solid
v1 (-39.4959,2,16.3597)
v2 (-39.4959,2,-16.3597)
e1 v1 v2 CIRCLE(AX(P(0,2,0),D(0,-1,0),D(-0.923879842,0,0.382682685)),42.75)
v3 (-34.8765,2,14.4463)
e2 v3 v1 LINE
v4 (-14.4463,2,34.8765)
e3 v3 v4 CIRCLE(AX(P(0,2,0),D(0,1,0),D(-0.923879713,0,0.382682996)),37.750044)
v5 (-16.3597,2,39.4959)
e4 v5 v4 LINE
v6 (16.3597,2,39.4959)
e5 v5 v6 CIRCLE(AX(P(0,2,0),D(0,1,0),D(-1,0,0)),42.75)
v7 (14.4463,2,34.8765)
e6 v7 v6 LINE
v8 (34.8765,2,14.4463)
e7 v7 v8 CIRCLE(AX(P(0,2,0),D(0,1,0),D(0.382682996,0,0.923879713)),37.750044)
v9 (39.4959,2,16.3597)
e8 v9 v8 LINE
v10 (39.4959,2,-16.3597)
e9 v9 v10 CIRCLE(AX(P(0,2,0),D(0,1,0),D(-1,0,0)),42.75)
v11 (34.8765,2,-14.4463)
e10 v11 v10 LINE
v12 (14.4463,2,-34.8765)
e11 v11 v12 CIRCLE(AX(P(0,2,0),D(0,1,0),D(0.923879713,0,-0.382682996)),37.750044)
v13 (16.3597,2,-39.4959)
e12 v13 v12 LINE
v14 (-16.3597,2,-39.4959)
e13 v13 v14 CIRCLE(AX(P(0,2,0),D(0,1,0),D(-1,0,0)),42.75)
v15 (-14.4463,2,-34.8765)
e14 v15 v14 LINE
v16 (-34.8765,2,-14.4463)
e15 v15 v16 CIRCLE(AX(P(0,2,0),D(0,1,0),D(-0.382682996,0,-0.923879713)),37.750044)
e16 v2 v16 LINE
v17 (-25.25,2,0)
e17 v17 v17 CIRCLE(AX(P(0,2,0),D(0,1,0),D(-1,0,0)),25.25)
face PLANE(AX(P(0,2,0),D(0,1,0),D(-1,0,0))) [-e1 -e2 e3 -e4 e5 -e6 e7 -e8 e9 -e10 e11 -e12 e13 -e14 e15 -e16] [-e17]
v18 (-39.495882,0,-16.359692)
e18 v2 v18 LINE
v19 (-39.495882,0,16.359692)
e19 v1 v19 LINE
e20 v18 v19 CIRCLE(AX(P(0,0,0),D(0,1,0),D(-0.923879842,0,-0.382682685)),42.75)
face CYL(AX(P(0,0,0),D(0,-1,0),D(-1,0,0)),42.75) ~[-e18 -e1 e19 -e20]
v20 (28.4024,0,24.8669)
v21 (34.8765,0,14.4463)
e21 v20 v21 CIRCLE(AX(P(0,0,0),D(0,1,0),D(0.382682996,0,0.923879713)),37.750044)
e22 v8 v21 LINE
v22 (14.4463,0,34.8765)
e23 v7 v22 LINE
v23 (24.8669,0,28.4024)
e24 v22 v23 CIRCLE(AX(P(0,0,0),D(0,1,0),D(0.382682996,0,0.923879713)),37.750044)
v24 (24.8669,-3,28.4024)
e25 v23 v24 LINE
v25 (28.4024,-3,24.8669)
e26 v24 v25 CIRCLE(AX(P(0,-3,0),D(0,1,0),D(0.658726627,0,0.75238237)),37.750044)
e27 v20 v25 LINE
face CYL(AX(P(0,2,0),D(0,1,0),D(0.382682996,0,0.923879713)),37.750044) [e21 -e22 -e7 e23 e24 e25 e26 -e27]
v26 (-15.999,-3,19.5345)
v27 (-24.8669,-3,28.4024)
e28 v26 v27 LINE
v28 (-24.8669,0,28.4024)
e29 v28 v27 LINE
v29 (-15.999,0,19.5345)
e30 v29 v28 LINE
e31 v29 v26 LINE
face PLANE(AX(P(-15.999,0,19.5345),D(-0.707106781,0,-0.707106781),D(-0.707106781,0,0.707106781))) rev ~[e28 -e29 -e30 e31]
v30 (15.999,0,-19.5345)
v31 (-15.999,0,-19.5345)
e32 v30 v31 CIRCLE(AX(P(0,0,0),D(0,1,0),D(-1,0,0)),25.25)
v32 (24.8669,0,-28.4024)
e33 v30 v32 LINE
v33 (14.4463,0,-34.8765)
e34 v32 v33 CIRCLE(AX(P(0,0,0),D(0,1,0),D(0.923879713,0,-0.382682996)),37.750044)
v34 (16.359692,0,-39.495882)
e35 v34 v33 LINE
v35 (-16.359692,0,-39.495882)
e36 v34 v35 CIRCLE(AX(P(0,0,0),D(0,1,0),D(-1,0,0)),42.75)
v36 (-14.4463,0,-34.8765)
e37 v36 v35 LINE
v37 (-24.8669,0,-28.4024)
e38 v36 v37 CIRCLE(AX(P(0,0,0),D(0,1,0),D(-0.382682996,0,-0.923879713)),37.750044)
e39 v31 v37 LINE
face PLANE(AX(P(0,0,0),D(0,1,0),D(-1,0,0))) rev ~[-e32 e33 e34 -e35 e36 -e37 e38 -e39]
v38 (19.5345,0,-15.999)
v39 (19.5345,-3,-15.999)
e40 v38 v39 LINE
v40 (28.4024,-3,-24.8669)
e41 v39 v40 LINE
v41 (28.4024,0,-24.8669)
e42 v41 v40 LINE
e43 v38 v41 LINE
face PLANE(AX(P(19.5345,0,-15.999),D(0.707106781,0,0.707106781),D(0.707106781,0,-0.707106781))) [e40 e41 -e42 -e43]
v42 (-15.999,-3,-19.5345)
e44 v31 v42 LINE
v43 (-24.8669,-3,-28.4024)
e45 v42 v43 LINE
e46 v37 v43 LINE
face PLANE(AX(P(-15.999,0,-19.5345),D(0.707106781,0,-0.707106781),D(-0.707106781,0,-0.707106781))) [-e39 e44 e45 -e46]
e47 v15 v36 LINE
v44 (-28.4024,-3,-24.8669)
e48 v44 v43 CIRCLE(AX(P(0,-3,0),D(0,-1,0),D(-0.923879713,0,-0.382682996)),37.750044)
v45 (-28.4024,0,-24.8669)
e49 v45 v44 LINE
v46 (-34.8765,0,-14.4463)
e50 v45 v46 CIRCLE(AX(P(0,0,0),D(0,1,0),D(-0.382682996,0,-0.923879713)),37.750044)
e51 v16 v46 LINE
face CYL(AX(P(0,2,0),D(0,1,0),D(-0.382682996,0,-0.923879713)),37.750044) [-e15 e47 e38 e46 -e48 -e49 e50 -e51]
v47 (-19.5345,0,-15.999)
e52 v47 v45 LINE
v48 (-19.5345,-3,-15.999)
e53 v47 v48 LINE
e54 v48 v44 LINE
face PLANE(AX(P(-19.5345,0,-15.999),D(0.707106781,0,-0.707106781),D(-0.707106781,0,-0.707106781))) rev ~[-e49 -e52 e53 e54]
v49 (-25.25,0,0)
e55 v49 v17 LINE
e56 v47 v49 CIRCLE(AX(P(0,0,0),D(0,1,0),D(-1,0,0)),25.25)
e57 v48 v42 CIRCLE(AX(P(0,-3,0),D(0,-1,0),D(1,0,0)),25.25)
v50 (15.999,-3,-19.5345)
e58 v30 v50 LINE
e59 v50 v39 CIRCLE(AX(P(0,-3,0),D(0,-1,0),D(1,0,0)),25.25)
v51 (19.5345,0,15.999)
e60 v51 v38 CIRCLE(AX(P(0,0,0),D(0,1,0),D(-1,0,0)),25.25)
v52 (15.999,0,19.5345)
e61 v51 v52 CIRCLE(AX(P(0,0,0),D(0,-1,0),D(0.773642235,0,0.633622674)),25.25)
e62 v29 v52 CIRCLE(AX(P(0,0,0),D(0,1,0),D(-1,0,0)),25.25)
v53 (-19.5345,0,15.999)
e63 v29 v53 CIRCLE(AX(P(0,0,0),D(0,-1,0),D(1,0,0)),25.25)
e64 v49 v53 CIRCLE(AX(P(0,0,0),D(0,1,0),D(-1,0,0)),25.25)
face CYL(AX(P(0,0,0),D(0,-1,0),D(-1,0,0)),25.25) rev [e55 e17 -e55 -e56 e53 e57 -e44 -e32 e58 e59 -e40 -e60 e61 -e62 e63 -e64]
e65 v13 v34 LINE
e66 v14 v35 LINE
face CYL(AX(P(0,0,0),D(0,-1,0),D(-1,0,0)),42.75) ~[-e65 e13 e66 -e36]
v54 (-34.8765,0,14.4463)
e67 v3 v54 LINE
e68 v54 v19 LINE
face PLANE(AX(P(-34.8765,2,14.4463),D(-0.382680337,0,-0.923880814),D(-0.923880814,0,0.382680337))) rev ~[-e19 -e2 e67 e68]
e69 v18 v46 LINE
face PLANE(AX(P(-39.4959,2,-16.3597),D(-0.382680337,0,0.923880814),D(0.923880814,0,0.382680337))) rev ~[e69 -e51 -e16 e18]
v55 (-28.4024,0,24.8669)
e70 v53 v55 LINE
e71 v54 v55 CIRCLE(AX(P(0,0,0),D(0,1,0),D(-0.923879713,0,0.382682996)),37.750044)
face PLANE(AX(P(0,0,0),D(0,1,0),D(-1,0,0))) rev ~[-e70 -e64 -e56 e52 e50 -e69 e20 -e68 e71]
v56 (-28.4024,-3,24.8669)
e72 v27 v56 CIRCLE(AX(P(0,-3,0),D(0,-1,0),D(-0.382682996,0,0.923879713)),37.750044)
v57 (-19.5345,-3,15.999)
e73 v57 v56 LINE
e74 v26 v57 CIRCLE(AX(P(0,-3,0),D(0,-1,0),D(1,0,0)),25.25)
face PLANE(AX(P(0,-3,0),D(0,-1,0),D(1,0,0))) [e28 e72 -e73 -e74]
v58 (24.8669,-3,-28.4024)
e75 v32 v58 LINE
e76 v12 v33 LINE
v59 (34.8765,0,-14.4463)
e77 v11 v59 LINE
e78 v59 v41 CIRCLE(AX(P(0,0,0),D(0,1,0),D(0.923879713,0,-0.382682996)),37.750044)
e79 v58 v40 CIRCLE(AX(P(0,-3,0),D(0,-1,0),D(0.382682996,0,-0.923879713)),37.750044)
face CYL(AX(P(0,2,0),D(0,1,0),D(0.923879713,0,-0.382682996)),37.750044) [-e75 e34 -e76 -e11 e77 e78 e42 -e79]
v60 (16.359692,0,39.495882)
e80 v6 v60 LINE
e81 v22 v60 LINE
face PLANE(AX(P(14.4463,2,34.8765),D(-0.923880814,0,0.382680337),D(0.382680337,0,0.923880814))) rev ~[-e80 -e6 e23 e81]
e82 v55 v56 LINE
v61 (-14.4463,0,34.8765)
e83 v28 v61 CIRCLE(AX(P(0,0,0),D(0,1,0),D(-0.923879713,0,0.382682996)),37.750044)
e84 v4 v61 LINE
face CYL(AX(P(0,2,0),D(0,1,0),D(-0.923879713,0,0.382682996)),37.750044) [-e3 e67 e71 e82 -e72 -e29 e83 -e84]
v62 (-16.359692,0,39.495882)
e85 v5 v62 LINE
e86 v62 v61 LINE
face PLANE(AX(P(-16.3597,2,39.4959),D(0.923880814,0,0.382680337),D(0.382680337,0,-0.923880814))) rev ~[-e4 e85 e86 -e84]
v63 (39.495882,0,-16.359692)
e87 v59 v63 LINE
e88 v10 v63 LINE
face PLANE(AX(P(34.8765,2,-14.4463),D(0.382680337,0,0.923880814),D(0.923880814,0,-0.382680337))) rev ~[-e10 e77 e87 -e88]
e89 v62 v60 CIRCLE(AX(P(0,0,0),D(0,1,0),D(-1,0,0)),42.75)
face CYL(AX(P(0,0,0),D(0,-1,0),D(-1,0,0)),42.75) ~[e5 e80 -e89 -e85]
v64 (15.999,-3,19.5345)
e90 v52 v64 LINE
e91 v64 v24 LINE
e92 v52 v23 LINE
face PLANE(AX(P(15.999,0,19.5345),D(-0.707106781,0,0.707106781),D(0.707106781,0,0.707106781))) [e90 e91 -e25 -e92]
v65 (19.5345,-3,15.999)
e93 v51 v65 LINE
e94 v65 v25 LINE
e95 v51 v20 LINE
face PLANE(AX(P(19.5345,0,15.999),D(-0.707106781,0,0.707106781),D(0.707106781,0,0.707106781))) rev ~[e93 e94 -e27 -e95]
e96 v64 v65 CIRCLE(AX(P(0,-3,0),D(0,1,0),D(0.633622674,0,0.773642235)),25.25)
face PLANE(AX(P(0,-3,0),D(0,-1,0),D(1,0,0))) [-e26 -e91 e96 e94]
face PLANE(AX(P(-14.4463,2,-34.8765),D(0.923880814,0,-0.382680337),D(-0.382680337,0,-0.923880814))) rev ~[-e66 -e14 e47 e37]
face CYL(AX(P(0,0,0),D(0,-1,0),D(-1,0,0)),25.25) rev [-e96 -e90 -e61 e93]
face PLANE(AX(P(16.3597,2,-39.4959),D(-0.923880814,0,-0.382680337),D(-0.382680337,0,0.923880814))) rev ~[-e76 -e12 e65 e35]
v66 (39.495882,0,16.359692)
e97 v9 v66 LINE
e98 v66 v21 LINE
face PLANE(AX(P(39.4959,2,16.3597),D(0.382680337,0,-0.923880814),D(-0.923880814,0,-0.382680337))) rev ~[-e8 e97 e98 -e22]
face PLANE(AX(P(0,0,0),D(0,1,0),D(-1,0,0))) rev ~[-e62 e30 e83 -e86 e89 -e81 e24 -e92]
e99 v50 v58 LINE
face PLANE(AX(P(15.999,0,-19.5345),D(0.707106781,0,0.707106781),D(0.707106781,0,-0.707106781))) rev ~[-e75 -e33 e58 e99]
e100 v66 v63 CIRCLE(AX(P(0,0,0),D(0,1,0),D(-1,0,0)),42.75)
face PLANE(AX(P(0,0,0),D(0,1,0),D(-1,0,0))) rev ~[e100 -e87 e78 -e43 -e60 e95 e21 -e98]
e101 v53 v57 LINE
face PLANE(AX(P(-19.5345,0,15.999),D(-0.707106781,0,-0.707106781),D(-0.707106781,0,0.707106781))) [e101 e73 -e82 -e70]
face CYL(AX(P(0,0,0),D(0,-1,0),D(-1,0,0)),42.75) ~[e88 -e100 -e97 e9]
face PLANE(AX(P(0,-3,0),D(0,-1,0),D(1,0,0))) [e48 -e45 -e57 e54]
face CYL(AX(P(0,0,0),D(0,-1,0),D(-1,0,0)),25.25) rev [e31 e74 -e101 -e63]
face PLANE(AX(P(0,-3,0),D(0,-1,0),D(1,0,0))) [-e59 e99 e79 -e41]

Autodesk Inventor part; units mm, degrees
ref_plane "YZ Plane" through (0, 0, 0) normal (1, 0, 0) x (0, 1, 0)
ref_plane "XZ Plane" through (0, 0, 0) normal (0, 1, 0) x (-1, 0, 0)
ref_plane "XY Plane" through (0, 0, 0) normal (0, 0, 1) x (1, 0, 0)
sketch "Sketch1" plane through (0, 0, 0) normal (0, 1, 0) x (-1, 0, 0)
  circle A0 centre (0, 0) radius 42.75
  circle A1 centre (0, 0) radius 25.25
  dimension "d0" = 85.5
  dimension "d1" = 50.5
extrude "Extrusion1" add sketch "Sketch1" along normal blind 2
sketch "Sketch2" plane through (0, 2, 0) normal (0, 1, 0) x (1, 0, 0)
  circle A0 centre (0, 0) radius 25.25 projected
  circle A1 centre (0, 0) radius 42.75 projected
  line L0 (0, 0) -> (26.6933, 26.6933)
  arc A2 (39.4959, 16.3597) -> (30.2288, 30.2288) centre (0, 0) ccw
  line L1 (0, 0) -> (39.4959, 16.3597) construction
  line L2 (0, 0) -> (26.6933, 26.6933) construction
  arc A3 (30.2288, 30.2288) -> (16.3597, 39.4959) centre (0, 0) ccw
  line L3 (0, 0) -> (30.2288, 30.2288) construction
  line L4 (0, 0) -> (17.5537, 7.271) construction
  line L5 (0, 0) -> (17.8544, 17.8544) construction
  line L6 (0, 0) -> (9.6628, 23.328) construction
  line L7 (0, 0) -> (17.8544, 17.8544) construction
  line L8 (16.3597, 39.4959) -> (14.4463, 34.8765)
  line L9 (34.8765, 14.4463) -> (39.4959, 16.3597)
  arc A4 (34.8765, 14.4463) -> (14.4463, 34.8765) centre (0, 0) ccw
  line L10 (16.3597, 39.4959) -> (14.4463, 34.8765)
  line L11 (39.4959, 16.3597) -> (34.8765, 14.4463)
  line L12 (0, 0) -> (9.6628, 23.328) construction
  line L13 (14.4463, 34.8765) -> (16.3597, 39.4959) construction
  line L14 (-39.4959, 16.3597) -> (-34.8765, 14.4463)
  arc A5 (-30.2288, 30.2288) -> (-39.4959, 16.3597) centre (0, 0) ccw
  arc A6 (-16.3597, 39.4959) -> (-30.2288, 30.2288) centre (0, 0) ccw
  line L15 (-14.4463, 34.8765) -> (-16.3597, 39.4959)
  arc A7 (-14.4463, 34.8765) -> (-34.8765, 14.4463) centre (0, 0) ccw
  line L16 (-16.3597, -39.4959) -> (-14.4463, -34.8765)
  arc A8 (-30.2288, -30.2288) -> (-16.3597, -39.4959) centre (0, 0) ccw
  arc A9 (-39.4959, -16.3597) -> (-30.2288, -30.2288) centre (0, 0) ccw
  line L17 (-34.8765, -14.4463) -> (-39.4959, -16.3597)
  arc A10 (-34.8765, -14.4463) -> (-14.4463, -34.8765) centre (0, 0) ccw
  line L18 (39.4959, -16.3597) -> (34.8765, -14.4463)
  arc A11 (30.2288, -30.2288) -> (39.4959, -16.3597) centre (0, 0) ccw
  arc A12 (16.3597, -39.4959) -> (30.2288, -30.2288) centre (0, 0) ccw
  line L19 (14.4463, -34.8765) -> (16.3597, -39.4959)
  arc A13 (14.4463, -34.8765) -> (34.8765, -14.4463) centre (0, 0) ccw
  point P0 (-26.6933, 26.6933)
  point P1 (-26.6933, -26.6933)
  point P2 (26.6933, -26.6933)
  dimension "d4" = 22.5
  dimension "d8" = 75.5
  dimension "d11" = 360
extrude "Extrusion2" cut sketch "Sketch2" against normal through all contours A4 L8 A1 L9 | L15 A7 L14 A1 | A1 L19 A13 L18 | L17 A10 L16 A1
sketch "Sketch5" plane through (0, 0, 0) normal (0, -1, 0) x (1, 0, 0)
  line L0 (-16.3597, 39.4959) -> (-14.4463, 34.8765) projected
  line L1 (-34.8765, 14.4463) -> (-39.4959, 16.3597) projected
  arc A0 (-39.4959, 16.3597) -> (-39.4959, -16.3597) centre (0, 0) ccw projected
  line L2 (-39.4959, -16.3597) -> (-34.8765, -14.4463) projected
  line L3 (-14.4463, -34.8765) -> (-16.3597, -39.4959) projected
  arc A1 (-16.3597, -39.4959) -> (16.3597, -39.4959) centre (0, 0) ccw projected
  line L4 (16.3597, -39.4959) -> (14.4463, -34.8765) projected
  line L5 (34.8765, -14.4463) -> (39.4959, -16.3597) projected
  arc A2 (39.4959, -16.3597) -> (39.4959, 16.3597) centre (0, 0) ccw projected
  line L6 (39.4959, 16.3597) -> (34.8765, 14.4463) projected
  line L7 (14.4463, 34.8765) -> (16.3597, 39.4959) projected
  arc A3 (16.3597, 39.4959) -> (-16.3597, 39.4959) centre (0, 0) ccw projected
  circle A4 centre (0, 0) radius 25.25 projected
  line L8 (0, 0) -> (-17.8544, -17.8544)
  line L9 (0, 0) -> (-5.6762, 0)
  line L10 (-19.8816, -22.7984) -> (-16.3892, -19.2083)
  line L11 (-22.8427, -19.8307) -> (-19.2083, -16.3892)
  arc A5 (-19.2083, -16.3892) -> (-16.3892, -19.2083) centre (0, 0) ccw
  arc A6 (-22.8427, -19.8307) -> (-19.8816, -22.7984) centre (0, 0) ccw
  line L12 (22.7984, -19.8816) -> (19.2083, -16.3892)
  line L13 (19.8307, -22.8427) -> (16.3892, -19.2083)
  arc A7 (16.3892, -19.2083) -> (19.2083, -16.3892) centre (0, 0) ccw
  arc A8 (19.8307, -22.8427) -> (22.7984, -19.8816) centre (0, 0) ccw
  line L14 (19.8816, 22.7984) -> (16.3892, 19.2083)
  line L15 (22.8427, 19.8307) -> (19.2083, 16.3892)
  arc A9 (19.2083, 16.3892) -> (16.3892, 19.2083) centre (0, 0) ccw
  arc A10 (22.8427, 19.8307) -> (19.8816, 22.7984) centre (0, 0) ccw
  line L16 (-22.7984, 19.8816) -> (-19.2083, 16.3892)
  line L17 (-19.8307, 22.8427) -> (-16.3892, 19.2083)
  arc A11 (-16.3892, 19.2083) -> (-19.2083, 16.3892) centre (0, 0) ccw
  arc A12 (-19.8307, 22.8427) -> (-22.7984, 19.8816) centre (0, 0) ccw
  arc A13 (-14.4463, 34.8765) -> (-34.8765, 14.4463) centre (0, 0) ccw projected
  arc A14 (-34.8765, -14.4463) -> (-14.4463, -34.8765) centre (0, 0) ccw projected
  arc A15 (14.4463, -34.8765) -> (34.8765, -14.4463) centre (0, 0) ccw projected
  arc A16 (34.8765, 14.4463) -> (14.4463, 34.8765) centre (0, 0) ccw projected
  point P0 (17.8544, -17.8544)
  point P1 (17.8544, 17.8544)
  point P2 (-17.8544, 17.8544)
  dimension "d31" = 45
  dimension "d35" = 360
extrude "Extrusion4" [suppressed]
sketch "Sketch6" plane through (0, 0, 0) normal (0, -1, 0) x (1, 0, 0)
  line L0 (-16.3597, 39.4959) -> (-14.4463, 34.8765) projected
  arc A0 (-14.4463, 34.8765) -> (-34.8765, 14.4463) centre (0, 0) ccw projected
  line L1 (-34.8765, 14.4463) -> (-39.4959, 16.3597) projected
  arc A1 (-39.4959, 16.3597) -> (-39.4959, -16.3597) centre (0, 0) ccw projected
  line L2 (-39.4959, -16.3597) -> (-34.8765, -14.4463) projected
  arc A2 (-34.8765, -14.4463) -> (-14.4463, -34.8765) centre (0, 0) ccw projected
  line L3 (-14.4463, -34.8765) -> (-16.3597, -39.4959) projected
  arc A3 (-16.3597, -39.4959) -> (16.3597, -39.4959) centre (0, 0) ccw projected
  line L4 (16.3597, -39.4959) -> (14.4463, -34.8765) projected
  arc A4 (14.4463, -34.8765) -> (34.8765, -14.4463) centre (0, 0) ccw projected
  line L5 (34.8765, -14.4463) -> (39.4959, -16.3597) projected
  arc A5 (39.4959, -16.3597) -> (39.4959, 16.3597) centre (0, 0) ccw projected
  line L6 (39.4959, 16.3597) -> (34.8765, 14.4463) projected
  arc A6 (34.8765, 14.4463) -> (14.4463, 34.8765) centre (0, 0) ccw projected
  line L7 (14.4463, 34.8765) -> (16.3597, 39.4959) projected
  arc A7 (16.3597, 39.4959) -> (-16.3597, 39.4959) centre (0, 0) ccw projected
  circle A8 centre (0, 0) radius 25.25 projected
  line L8 (0, 0) -> (26.6933, 26.6933)
  line L9 (15.999, 19.5345) -> (19.5345, 15.999)
  arc A9 (19.5345, 15.999) -> (15.999, 19.5345) centre (0, 0) ccw
  line L10 (19.5345, 15.999) -> (28.4024, 24.8669)
  line L11 (15.999, 19.5345) -> (24.8669, 28.4024)
  arc A10 (28.4024, 24.8669) -> (24.8669, 28.4024) centre (0, 0) ccw
  line L12 (-19.5345, 15.999) -> (-15.999, 19.5345)
  arc A11 (-15.999, 19.5345) -> (-19.5345, 15.999) centre (0, 0) ccw
  line L13 (-15.999, 19.5345) -> (-24.8669, 28.4024)
  line L14 (-19.5345, 15.999) -> (-28.4024, 24.8669)
  arc A12 (-24.8669, 28.4024) -> (-28.4024, 24.8669) centre (0, 0) ccw
  line L15 (-15.999, -19.5345) -> (-19.5345, -15.999)
  arc A13 (-19.5345, -15.999) -> (-15.999, -19.5345) centre (0, 0) ccw
  line L16 (-19.5345, -15.999) -> (-28.4024, -24.8669)
  line L17 (-15.999, -19.5345) -> (-24.8669, -28.4024)
  arc A14 (-28.4024, -24.8669) -> (-24.8669, -28.4024) centre (0, 0) ccw
  line L18 (19.5345, -15.999) -> (15.999, -19.5345)
  arc A15 (15.999, -19.5345) -> (19.5345, -15.999) centre (0, 0) ccw
  line L19 (15.999, -19.5345) -> (24.8669, -28.4024)
  line L20 (19.5345, -15.999) -> (28.4024, -24.8669)
  arc A16 (24.8669, -28.4024) -> (28.4024, -24.8669) centre (0, 0) ccw
  point P0 (-26.6933, 26.6933)
  point P1 (-26.6933, -26.6933)
  point P2 (26.6933, -26.6933)
  dimension "d39" = 5
  dimension "d40" = 2.5
  dimension "d43" = 360
extrude "Extrusion5" add sketch "Sketch6" along normal blind 3 contours L13 A8 L14 A0 | A6 L8 A8 L11 | A6 L10 A8 L8 | A8 L17 A2 L16 | A8 L20 A4 L19
equation "\"d40\" = 0.5 * d39"
properties part number "Dome Clip"
